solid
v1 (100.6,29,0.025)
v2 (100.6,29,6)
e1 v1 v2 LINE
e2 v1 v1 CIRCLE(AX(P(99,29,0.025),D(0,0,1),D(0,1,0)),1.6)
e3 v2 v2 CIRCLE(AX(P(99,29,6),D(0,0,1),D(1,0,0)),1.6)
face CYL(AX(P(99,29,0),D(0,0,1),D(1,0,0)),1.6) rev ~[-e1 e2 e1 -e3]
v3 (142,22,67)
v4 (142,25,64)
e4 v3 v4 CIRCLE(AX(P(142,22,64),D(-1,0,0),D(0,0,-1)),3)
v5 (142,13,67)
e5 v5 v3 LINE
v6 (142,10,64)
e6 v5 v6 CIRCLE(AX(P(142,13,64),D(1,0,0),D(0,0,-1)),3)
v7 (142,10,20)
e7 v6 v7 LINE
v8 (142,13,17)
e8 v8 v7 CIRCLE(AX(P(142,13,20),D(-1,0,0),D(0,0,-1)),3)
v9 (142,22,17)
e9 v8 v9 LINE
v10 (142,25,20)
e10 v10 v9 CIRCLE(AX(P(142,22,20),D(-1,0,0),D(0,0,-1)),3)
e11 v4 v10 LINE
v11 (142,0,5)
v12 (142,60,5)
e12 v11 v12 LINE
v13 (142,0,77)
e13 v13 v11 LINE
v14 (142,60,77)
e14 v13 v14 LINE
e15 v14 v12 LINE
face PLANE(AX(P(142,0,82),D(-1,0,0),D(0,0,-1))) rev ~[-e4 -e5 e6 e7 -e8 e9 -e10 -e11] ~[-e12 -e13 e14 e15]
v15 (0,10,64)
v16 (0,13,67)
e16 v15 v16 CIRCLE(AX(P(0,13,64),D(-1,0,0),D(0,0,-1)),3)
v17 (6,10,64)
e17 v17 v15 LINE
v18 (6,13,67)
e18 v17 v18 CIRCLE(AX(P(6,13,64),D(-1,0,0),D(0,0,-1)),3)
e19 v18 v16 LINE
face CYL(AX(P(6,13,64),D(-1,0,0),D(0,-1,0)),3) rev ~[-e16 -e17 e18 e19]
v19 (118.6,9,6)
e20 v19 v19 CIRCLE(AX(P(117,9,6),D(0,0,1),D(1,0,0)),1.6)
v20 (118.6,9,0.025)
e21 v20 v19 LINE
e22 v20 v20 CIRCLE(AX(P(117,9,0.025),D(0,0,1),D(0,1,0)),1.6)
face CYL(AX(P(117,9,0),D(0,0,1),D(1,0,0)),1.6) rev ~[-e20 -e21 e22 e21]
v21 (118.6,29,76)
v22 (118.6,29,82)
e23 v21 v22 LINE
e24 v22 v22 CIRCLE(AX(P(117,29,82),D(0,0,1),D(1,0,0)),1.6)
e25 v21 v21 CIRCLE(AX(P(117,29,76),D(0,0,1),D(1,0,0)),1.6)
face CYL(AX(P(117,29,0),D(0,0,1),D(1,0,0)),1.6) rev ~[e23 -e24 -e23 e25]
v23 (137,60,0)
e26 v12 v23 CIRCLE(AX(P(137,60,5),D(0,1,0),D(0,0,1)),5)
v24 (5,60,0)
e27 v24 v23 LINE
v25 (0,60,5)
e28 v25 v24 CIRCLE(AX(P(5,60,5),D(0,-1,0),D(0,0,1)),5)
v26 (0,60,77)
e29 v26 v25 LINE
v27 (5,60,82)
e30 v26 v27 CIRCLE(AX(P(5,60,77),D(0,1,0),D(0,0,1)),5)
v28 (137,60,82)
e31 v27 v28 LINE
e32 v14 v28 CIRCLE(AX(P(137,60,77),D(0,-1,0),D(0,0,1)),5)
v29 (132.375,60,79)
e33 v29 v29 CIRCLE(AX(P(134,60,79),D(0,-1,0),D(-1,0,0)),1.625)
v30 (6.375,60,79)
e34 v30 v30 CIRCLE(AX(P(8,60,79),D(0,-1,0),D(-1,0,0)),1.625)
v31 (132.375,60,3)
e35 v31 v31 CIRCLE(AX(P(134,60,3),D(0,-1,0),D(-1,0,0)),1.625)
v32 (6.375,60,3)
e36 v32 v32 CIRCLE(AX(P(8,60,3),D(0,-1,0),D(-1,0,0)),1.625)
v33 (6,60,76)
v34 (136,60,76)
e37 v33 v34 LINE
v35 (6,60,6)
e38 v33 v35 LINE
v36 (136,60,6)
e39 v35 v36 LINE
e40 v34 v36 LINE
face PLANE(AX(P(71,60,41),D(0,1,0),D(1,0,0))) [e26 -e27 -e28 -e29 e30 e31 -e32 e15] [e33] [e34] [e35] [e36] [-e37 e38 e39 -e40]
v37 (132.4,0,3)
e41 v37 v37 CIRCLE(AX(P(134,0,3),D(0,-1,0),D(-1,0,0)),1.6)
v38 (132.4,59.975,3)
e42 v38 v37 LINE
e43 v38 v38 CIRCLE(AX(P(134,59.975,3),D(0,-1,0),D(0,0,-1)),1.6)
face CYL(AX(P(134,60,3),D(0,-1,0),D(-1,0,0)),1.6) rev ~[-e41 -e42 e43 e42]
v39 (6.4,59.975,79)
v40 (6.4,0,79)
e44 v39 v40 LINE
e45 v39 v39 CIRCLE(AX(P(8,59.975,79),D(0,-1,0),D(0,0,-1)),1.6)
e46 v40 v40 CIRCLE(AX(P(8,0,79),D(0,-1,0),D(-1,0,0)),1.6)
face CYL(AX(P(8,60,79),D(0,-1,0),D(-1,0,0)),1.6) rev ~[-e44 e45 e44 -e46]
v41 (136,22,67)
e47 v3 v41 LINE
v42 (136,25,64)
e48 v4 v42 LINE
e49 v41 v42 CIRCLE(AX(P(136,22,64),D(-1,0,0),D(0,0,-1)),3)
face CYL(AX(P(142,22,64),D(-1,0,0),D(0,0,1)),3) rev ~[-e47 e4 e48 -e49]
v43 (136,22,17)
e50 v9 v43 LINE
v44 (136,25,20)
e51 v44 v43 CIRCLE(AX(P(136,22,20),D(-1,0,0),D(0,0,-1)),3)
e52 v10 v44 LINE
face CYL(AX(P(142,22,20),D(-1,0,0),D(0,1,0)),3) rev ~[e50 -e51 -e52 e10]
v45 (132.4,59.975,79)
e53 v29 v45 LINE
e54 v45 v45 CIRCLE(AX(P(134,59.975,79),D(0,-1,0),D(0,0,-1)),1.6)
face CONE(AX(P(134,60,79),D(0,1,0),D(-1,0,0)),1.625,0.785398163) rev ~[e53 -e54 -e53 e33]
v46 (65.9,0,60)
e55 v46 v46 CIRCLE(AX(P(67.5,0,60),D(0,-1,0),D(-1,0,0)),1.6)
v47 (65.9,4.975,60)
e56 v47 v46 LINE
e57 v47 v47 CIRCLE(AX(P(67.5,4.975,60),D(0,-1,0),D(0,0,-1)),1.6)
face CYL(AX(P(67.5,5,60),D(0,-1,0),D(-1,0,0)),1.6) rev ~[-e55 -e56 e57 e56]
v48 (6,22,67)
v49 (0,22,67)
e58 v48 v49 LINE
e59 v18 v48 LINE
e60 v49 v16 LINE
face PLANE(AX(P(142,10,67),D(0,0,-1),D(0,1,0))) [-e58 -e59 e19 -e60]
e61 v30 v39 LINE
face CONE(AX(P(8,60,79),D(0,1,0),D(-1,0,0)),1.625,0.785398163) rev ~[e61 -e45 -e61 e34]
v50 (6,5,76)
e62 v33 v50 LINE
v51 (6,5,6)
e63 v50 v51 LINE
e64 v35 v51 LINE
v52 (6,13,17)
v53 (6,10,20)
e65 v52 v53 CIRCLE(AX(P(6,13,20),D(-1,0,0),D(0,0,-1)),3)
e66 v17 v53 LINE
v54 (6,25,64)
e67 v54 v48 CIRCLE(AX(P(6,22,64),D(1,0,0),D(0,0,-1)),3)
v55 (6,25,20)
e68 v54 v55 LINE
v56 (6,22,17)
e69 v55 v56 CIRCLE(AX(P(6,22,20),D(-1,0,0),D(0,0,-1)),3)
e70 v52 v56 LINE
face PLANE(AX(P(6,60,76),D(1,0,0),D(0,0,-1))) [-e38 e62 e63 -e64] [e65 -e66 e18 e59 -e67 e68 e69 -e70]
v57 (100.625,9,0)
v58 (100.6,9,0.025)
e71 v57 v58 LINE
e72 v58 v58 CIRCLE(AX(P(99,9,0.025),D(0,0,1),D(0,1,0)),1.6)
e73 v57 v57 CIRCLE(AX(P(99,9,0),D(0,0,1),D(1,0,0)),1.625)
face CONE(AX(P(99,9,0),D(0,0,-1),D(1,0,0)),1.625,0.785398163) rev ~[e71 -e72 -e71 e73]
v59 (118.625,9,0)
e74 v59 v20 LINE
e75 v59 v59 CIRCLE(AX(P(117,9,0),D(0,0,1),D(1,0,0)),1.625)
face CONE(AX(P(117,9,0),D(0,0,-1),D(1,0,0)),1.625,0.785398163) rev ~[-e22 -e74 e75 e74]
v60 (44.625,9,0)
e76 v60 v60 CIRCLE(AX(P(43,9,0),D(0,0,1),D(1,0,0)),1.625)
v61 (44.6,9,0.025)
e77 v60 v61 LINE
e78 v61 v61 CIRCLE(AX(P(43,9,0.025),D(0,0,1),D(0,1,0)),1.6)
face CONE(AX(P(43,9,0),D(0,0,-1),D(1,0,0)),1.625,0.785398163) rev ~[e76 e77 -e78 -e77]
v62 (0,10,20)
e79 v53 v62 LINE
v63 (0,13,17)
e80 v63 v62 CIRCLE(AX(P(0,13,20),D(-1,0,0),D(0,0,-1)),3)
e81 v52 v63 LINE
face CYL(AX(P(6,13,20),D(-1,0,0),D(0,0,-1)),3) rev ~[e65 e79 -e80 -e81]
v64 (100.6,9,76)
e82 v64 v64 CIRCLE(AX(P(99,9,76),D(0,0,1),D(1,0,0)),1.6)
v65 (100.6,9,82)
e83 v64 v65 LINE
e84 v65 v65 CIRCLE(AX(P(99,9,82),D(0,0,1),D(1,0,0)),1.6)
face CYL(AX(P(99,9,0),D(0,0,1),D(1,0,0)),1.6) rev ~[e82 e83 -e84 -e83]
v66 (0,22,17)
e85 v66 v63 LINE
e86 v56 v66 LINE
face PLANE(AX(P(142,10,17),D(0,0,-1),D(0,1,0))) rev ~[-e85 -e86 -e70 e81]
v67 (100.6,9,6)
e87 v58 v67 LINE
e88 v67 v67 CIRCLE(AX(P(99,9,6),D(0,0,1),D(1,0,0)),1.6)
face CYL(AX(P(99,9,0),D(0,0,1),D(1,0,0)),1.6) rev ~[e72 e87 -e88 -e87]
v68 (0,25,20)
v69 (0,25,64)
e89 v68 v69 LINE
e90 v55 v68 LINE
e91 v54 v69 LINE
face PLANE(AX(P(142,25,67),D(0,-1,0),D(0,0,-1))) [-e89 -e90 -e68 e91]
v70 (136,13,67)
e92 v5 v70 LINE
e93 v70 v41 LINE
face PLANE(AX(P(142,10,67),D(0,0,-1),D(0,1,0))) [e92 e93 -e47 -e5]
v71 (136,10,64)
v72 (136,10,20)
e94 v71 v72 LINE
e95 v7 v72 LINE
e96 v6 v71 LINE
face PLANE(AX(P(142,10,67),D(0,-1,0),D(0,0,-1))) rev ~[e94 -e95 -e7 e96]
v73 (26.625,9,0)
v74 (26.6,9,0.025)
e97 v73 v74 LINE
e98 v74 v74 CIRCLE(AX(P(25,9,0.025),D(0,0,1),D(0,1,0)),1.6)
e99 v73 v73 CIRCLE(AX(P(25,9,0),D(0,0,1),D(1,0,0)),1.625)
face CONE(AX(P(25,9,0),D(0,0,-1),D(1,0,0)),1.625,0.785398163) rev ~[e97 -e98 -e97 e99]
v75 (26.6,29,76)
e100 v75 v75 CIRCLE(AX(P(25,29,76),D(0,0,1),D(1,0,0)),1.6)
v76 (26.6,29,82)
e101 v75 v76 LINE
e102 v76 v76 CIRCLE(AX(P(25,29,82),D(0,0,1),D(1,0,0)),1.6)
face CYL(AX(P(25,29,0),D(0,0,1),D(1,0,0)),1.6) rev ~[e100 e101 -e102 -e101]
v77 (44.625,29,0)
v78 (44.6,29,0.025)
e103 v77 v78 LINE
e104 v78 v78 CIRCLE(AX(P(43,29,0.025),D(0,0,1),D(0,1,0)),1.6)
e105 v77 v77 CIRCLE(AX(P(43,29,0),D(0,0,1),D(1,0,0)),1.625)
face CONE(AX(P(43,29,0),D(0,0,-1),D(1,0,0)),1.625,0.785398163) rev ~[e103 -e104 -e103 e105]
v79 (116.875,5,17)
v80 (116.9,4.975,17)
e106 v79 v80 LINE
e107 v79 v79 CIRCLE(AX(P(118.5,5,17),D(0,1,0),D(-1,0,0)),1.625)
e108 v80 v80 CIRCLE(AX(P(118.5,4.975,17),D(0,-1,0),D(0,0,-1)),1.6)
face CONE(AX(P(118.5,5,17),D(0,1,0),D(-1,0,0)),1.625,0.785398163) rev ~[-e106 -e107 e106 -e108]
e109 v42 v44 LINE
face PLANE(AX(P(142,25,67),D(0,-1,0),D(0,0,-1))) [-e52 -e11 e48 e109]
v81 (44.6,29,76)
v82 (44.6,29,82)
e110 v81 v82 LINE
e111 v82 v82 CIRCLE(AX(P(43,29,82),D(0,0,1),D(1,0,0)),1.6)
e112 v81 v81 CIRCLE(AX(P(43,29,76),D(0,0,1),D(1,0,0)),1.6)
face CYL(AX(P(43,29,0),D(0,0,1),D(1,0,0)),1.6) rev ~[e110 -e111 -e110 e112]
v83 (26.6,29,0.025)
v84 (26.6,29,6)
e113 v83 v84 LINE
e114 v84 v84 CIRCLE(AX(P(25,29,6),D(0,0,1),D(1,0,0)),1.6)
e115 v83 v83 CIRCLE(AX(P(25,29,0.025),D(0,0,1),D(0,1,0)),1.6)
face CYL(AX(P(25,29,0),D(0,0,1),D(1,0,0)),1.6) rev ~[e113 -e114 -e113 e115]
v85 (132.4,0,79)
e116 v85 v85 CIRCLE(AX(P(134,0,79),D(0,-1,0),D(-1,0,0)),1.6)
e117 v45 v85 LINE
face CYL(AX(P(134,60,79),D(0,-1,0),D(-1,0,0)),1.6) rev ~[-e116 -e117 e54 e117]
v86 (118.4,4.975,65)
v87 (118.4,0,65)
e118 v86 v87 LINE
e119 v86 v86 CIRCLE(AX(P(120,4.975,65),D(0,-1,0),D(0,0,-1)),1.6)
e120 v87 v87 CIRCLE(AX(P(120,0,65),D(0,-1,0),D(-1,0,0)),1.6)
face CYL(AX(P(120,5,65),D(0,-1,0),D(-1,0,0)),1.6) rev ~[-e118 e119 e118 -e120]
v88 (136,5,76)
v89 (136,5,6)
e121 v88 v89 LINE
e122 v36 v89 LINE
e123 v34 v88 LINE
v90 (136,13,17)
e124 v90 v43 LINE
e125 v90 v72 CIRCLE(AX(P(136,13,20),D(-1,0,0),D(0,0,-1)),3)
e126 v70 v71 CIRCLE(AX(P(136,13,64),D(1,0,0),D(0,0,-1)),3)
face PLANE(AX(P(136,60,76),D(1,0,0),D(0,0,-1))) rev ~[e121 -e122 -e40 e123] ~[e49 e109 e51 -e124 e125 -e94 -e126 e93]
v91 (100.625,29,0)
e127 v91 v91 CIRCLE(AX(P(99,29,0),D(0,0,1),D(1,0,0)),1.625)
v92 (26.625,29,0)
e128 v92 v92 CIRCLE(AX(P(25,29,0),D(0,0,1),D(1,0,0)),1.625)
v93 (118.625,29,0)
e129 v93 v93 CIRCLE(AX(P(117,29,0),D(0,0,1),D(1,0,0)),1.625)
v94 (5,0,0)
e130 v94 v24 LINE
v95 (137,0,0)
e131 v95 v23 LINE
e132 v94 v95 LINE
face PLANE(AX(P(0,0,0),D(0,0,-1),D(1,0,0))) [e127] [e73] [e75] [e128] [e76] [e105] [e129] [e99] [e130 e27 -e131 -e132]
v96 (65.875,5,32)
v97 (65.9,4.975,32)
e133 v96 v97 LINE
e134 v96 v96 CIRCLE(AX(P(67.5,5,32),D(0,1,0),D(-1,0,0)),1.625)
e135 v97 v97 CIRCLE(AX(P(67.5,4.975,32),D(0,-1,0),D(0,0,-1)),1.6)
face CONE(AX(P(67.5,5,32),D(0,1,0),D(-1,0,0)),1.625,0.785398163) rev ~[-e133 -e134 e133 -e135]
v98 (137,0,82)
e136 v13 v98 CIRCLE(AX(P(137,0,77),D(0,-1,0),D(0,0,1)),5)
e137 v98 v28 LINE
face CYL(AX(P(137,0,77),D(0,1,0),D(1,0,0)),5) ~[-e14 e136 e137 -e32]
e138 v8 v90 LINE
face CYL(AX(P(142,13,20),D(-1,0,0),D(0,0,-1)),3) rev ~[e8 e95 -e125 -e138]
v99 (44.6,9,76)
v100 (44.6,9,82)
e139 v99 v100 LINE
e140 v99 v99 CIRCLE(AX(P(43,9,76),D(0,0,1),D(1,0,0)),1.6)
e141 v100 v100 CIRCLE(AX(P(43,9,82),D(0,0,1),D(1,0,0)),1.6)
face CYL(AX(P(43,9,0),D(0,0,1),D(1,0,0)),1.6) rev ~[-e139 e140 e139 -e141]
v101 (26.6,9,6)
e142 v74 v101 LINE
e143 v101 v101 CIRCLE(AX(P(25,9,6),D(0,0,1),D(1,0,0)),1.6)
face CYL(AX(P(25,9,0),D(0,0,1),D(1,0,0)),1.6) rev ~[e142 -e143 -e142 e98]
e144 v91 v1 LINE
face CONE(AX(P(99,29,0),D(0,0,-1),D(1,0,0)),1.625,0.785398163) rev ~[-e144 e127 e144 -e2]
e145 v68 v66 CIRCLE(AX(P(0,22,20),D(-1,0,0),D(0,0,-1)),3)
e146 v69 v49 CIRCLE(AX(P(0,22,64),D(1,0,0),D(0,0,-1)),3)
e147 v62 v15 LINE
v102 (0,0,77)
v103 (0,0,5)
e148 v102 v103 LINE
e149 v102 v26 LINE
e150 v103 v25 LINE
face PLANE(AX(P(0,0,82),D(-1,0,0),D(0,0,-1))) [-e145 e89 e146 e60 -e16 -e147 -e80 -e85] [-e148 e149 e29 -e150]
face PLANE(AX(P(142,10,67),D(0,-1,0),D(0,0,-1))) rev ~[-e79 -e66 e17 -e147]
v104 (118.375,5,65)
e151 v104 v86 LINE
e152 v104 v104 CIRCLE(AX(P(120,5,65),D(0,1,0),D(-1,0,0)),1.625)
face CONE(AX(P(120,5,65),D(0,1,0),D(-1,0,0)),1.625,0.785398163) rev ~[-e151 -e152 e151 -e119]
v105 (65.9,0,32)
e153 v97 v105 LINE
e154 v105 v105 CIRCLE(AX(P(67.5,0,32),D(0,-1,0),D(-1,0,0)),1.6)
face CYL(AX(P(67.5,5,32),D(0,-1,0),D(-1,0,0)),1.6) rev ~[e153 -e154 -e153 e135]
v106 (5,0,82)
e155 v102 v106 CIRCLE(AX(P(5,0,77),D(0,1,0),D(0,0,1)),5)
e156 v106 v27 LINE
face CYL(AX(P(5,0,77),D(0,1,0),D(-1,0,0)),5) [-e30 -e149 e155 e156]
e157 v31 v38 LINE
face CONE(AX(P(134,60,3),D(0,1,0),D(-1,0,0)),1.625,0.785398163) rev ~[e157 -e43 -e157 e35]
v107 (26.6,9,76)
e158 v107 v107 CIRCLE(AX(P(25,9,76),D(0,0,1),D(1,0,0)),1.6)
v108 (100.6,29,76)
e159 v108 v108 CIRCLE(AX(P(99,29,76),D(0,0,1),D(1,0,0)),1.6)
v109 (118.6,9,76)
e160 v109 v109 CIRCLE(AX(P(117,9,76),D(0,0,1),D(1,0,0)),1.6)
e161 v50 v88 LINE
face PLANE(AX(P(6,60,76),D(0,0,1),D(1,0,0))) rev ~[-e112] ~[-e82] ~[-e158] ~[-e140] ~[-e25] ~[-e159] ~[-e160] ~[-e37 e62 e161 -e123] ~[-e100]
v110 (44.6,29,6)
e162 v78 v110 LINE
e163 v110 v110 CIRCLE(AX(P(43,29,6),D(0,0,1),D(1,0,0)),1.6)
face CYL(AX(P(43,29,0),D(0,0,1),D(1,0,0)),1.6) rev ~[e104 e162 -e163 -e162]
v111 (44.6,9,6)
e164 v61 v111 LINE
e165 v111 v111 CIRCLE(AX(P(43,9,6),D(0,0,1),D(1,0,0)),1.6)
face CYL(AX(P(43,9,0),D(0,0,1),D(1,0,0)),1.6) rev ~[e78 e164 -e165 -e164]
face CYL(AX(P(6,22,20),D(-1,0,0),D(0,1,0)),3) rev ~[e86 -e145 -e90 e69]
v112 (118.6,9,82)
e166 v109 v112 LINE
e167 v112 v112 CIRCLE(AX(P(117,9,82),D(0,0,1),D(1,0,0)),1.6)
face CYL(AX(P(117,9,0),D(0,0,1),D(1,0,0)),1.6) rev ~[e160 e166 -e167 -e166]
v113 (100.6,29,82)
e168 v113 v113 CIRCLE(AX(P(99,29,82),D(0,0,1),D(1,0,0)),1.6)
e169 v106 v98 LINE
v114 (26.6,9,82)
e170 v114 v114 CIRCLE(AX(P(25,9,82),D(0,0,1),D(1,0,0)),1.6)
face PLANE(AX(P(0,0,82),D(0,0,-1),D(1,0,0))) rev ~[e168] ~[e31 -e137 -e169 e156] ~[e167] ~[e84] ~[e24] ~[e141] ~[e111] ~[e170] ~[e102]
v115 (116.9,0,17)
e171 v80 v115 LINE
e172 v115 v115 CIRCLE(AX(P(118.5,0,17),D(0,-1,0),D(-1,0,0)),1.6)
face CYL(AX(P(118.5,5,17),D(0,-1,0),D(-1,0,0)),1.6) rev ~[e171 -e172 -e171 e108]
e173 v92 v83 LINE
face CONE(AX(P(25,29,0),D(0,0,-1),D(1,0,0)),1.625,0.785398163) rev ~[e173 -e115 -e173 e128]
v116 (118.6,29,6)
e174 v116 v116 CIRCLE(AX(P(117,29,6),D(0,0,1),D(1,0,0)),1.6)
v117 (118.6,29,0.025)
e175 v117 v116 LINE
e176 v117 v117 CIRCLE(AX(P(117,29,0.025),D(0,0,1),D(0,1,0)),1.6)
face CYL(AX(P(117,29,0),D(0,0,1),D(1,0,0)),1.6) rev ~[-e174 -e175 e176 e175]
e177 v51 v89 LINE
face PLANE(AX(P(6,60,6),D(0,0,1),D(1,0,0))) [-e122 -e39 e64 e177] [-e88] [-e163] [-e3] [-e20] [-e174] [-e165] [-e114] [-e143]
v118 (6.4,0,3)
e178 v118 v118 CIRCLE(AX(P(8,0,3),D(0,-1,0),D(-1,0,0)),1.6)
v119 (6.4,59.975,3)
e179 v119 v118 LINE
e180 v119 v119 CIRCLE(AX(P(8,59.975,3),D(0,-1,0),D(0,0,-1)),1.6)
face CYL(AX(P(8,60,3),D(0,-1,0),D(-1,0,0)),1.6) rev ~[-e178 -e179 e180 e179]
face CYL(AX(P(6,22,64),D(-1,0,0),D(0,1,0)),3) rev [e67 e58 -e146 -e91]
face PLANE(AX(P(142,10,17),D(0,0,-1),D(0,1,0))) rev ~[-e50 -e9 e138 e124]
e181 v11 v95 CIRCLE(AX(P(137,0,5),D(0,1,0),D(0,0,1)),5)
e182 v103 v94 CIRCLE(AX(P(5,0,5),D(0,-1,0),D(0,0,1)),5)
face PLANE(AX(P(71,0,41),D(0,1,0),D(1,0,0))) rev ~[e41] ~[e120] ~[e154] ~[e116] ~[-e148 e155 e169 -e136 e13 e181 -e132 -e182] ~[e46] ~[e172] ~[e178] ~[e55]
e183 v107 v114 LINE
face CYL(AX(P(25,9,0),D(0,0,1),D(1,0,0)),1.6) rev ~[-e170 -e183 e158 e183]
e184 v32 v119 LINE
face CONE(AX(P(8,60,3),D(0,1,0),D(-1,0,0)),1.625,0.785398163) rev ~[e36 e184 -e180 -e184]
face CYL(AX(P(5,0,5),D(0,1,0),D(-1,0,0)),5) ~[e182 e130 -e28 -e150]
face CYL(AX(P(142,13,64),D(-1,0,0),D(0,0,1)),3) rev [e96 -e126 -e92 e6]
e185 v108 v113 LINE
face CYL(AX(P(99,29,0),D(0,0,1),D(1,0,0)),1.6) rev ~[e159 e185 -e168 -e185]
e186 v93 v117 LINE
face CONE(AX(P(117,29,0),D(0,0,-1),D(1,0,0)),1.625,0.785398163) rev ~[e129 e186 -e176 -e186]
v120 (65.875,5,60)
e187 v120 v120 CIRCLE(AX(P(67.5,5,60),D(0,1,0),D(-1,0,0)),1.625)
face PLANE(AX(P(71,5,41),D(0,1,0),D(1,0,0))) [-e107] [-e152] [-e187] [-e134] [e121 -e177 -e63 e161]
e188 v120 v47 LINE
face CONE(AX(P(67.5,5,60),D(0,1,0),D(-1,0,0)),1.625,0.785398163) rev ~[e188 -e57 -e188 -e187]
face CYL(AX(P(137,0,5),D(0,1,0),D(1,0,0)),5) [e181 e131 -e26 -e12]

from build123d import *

# Parameters (mm, degrees)
SKETCH1_W                      = 142
SKETCH1_H                      = 82
BOSS_EXTRUDE1_DEPTH            = 60
SKETCH2_W                      = 130
SKETCH2_H                      = 70
CUT_EXTRUDE1_DEPTH             = 55
M3_CLEARANCE_HOLE1_D           = 3.2
M3_CLEARANCE_HOLE1_DEPTH       = 5
M3_CLEARANCE_HOLE1_CSINK_D     = 3.25
M3_CLEARANCE_HOLE1_CSINK_ANGLE = 90
M3_CLEARANCE_HOLE1_TIP         = 0.96137699
FILLET1_R                      = 5
SKETCH9_W                      = 50
SKETCH9_H                      = 15
CUT_EXTRUDE4_DEPTH             = 143
FILLET2_R                      = 3
M3_CLEARANCE_HOLE2_D           = 3.2
M3_CLEARANCE_HOLE2_CSINK_D     = 3.25
M3_CLEARANCE_HOLE2_CSINK_ANGLE = 90
M3_CLEARANCE_HOLE3_D           = 3.2
M3_CLEARANCE_HOLE3_CSINK_D     = 3.25
M3_CLEARANCE_HOLE3_CSINK_ANGLE = 90


with BuildPart() as part:
    # Sketch1 → Boss-Extrude1 (new body)
    with BuildSketch(Plane(origin=(0, 0, 0), x_dir=(1, 0, 0), z_dir=(0, 1, 0))):
        with Locations((71, -41)):
            Rectangle(SKETCH1_W, SKETCH1_H)
    extrude(amount=BOSS_EXTRUDE1_DEPTH)

    # Sketch2 → Cut-Extrude1 (cut)
    with BuildSketch(Plane(origin=(0, 60, 0), x_dir=(1, 0, 0), z_dir=(0, 1, 0))):
        with Locations((71, -41)):
            Rectangle(SKETCH2_W, SKETCH2_H)
    extrude(amount=-CUT_EXTRUDE1_DEPTH, mode=Mode.SUBTRACT)

    # M3 Clearance Hole1
    with Locations(Plane(origin=(0, 5, 0), x_dir=(1, 0, 0), z_dir=(0, 1, 0))):
        with Locations((118.5, -17), (120, -65), (67.5, -32), (67.5, -60)):
            CounterSinkHole(M3_CLEARANCE_HOLE1_D / 2, M3_CLEARANCE_HOLE1_CSINK_D / 2, depth=M3_CLEARANCE_HOLE1_DEPTH, counter_sink_angle=M3_CLEARANCE_HOLE1_CSINK_ANGLE)
            with Locations((0, 0, -(M3_CLEARANCE_HOLE1_DEPTH + M3_CLEARANCE_HOLE1_TIP / 2))):  # 118° drill point
                Cone(0, M3_CLEARANCE_HOLE1_D / 2, M3_CLEARANCE_HOLE1_TIP, mode=Mode.SUBTRACT)

    # Fillet1
    fillet1_edges = [part.edges().sort_by_distance(p)[0] for p in [
        (0, 30, 82),
        (0, 30, 0),
        (142, 30, 0),
        (142, 30, 82),
    ]]
    fillet(fillet1_edges, radius=FILLET1_R)

    # Sketch9 → Cut-Extrude4 (cut, through all)
    with BuildSketch(Plane(origin=(142, 0, 0), x_dir=(0, 0, -1), z_dir=(1, 0, 0))):
        with Locations((-42, 17.5)):
            Rectangle(SKETCH9_W, SKETCH9_H)
    extrude(amount=-CUT_EXTRUDE4_DEPTH, mode=Mode.SUBTRACT)

    # Fillet2
    fillet2_edges = [part.edges().sort_by_distance(p)[0] for p in [
        (139, 10, 17),
        (139, 10, 67),
        (139, 25, 67),
        (139, 25, 17),
        (3, 10, 17),
        (3, 10, 67),
        (3, 25, 67),
        (3, 25, 17),
    ]]
    fillet(fillet2_edges, radius=FILLET2_R)

    # M3 Clearance Hole2 (through all)
    with Locations(Plane(origin=(0, 60, 0), x_dir=(1, 0, 0), z_dir=(0, 1, 0))):
        with Locations((8, -3), (8, -79), (134, -79), (134, -3)):
            CounterSinkHole(M3_CLEARANCE_HOLE2_D / 2, M3_CLEARANCE_HOLE2_CSINK_D / 2, counter_sink_angle=M3_CLEARANCE_HOLE2_CSINK_ANGLE)

    # M3 Clearance Hole3 (through all)
    with Locations(Plane(origin=(0, 0, 0), x_dir=(-1, 0, 0), z_dir=(0, 0, -1))):
        with Locations((-117, 29), (-99, 29), (-117, 9), (-99, 9), (-25, 9), (-43, 9), (-43, 29), (-25, 29)):
            CounterSinkHole(M3_CLEARANCE_HOLE3_D / 2, M3_CLEARANCE_HOLE3_CSINK_D / 2, counter_sink_angle=M3_CLEARANCE_HOLE3_CSINK_ANGLE)


solid = part.part
